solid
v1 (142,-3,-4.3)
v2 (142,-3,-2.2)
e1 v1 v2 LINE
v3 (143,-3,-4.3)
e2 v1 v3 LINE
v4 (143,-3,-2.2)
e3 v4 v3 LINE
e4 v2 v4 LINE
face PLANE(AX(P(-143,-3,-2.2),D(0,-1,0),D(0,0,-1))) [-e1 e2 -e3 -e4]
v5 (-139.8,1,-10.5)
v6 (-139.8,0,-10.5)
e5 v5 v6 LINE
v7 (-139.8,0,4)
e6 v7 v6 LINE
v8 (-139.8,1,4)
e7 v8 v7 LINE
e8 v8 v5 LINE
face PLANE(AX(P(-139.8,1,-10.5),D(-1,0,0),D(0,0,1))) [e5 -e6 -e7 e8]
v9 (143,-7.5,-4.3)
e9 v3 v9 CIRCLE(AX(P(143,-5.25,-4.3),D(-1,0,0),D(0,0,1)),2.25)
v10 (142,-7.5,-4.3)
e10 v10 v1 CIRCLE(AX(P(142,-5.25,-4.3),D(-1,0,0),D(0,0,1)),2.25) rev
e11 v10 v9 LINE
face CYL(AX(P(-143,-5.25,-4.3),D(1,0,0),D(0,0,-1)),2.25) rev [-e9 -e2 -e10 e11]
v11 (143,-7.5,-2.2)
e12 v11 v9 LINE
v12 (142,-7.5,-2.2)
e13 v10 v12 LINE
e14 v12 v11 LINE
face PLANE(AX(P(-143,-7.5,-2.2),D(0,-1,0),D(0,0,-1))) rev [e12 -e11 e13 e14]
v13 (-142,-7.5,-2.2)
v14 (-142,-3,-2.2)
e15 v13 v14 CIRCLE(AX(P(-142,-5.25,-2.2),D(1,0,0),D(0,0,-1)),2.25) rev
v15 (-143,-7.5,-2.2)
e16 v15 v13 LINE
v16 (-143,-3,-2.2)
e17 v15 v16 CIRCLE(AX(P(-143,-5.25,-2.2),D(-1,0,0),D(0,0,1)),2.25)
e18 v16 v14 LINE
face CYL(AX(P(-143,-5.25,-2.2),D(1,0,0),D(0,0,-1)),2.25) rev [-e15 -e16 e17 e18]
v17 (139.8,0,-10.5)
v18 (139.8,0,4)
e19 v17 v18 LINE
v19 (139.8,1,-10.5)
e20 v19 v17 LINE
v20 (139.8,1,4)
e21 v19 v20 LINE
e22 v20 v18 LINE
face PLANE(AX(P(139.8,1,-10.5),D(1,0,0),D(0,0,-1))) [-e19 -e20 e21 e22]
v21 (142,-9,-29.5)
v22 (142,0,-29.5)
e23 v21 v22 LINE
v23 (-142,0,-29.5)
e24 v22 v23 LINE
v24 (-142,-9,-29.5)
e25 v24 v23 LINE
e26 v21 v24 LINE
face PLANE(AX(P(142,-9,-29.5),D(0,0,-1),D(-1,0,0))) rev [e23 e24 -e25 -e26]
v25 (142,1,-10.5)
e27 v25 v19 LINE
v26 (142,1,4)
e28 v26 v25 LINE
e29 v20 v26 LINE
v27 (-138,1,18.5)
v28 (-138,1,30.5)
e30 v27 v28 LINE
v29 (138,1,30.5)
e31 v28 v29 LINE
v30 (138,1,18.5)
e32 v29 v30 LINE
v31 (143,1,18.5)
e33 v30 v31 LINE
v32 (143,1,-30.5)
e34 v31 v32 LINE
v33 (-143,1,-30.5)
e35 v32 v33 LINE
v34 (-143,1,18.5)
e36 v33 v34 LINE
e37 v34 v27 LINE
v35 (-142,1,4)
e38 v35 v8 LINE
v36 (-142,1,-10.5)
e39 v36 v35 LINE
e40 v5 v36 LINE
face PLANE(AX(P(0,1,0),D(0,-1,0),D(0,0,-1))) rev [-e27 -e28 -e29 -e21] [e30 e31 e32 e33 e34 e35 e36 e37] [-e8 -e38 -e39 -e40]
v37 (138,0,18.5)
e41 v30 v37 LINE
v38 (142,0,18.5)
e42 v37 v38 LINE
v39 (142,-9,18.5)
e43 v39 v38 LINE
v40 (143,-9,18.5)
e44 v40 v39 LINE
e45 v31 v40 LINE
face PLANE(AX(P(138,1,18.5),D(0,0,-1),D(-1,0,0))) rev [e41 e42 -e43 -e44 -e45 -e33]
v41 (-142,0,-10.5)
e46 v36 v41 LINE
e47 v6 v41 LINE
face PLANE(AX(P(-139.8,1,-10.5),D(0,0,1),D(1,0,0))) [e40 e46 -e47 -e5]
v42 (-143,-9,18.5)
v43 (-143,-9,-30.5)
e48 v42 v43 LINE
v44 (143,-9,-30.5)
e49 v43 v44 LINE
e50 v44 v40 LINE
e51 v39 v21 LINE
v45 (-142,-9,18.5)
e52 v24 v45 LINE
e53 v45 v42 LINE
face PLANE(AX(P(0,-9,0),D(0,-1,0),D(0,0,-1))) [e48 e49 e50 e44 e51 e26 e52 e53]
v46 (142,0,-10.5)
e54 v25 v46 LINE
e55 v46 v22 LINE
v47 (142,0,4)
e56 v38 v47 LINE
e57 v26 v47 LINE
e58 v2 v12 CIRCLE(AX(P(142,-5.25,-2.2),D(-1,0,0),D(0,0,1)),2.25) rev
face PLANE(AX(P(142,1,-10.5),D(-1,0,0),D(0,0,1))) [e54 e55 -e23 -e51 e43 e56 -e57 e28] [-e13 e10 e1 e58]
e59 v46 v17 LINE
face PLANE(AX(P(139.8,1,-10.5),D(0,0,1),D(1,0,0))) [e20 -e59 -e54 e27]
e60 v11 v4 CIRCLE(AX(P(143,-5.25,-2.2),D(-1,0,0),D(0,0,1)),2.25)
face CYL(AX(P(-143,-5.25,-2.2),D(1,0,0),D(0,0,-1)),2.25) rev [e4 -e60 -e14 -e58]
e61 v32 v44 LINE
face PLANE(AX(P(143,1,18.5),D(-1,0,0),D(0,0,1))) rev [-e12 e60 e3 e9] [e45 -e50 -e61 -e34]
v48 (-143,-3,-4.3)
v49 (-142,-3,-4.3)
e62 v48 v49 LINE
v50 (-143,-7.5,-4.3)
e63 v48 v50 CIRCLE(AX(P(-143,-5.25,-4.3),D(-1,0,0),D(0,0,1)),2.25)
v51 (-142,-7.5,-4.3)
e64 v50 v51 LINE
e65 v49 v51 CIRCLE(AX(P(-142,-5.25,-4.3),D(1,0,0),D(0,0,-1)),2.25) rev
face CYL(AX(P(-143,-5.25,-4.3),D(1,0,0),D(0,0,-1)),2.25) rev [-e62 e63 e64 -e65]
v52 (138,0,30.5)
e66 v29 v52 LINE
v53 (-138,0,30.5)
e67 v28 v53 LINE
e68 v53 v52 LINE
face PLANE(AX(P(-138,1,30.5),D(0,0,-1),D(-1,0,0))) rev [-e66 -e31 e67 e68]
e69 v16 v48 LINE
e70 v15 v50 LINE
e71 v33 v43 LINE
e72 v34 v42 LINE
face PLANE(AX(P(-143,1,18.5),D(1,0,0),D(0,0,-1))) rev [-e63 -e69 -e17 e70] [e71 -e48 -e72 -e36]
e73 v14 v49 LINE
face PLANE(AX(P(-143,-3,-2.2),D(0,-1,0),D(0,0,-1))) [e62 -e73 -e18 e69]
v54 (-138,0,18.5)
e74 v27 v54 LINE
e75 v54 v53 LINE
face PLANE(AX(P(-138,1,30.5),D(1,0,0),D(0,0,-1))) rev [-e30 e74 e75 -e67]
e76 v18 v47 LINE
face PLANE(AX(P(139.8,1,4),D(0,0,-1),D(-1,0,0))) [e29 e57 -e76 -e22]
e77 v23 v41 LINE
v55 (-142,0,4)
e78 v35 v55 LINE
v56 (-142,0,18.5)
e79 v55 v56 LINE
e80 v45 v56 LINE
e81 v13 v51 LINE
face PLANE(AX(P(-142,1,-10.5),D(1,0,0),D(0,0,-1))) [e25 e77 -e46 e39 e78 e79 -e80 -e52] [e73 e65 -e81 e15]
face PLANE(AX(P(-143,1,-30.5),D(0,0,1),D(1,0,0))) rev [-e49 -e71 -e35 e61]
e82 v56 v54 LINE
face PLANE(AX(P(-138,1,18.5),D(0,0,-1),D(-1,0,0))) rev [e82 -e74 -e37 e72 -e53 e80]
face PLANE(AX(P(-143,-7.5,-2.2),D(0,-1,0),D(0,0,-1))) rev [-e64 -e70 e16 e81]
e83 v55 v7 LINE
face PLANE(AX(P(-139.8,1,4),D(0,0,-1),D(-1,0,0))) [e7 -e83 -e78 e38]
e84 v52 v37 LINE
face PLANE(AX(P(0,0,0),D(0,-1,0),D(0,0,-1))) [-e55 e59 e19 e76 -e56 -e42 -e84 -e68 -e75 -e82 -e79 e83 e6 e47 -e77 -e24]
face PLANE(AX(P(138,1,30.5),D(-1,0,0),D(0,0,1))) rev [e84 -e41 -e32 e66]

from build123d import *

# Parameters (mm, degrees)
SKETCH_1_W          = 2.2
SKETCH_1_H          = 14.5
EXTRUDE_1_DEPTH     = 1
EXTRUDE_2_DEPTH     = 9
CUT_EXTRUDE_1_DEPTH = 288.762488869


with BuildPart() as part:
    # Эскиз1 → Бобышка-Вытянуть1 (new body)
    with BuildSketch(Plane(origin=(0, 0, 0), x_dir=(1, 0, 0), z_dir=(0, 1, 0))):
        Polygon((138, -30.5), (138, -18.5), (143, -18.5), (143, 30.5), (-143, 30.5), (-143, -18.5), (-138, -18.5), (-138, -30.5), align=None)
        with Locations((140.9, 3.25)):
            Rectangle(SKETCH_1_W, SKETCH_1_H, mode=Mode.SUBTRACT)
        with Locations((-140.9, 3.25)):
            Rectangle(SKETCH_1_W, SKETCH_1_H, mode=Mode.SUBTRACT)
    extrude(amount=EXTRUDE_1_DEPTH)

    # Эскиз2 → Бобышка-Вытянуть2 (add)
    with BuildSketch(Plane.XZ):
        Polygon((-143, 18.5), (-143, -30.5), (143, -30.5), (143, 18.5), (142, 18.5), (142, -29.5), (-142, -29.5), (-142, 18.5), align=None)
    extrude(amount=EXTRUDE_2_DEPTH)

    # Эскиз3 → Вырез-Вытянуть1 (cut, through all)
    with BuildSketch(Plane(origin=(143, 0, 0), x_dir=(0, 0, -1), z_dir=(1, 0, 0))):
        with BuildLine():
            Line((2.2, -3), (4.3, -3))
            ThreePointArc((4.3, -3), (6.55, -5.25), (4.3, -7.5))
            Line((4.3, -7.5), (2.2, -7.5))
            ThreePointArc((2.2, -7.5), (-0.05, -5.25), (2.2, -3))
        make_face()
    extrude(amount=-CUT_EXTRUDE_1_DEPTH, mode=Mode.SUBTRACT)


solid = part.part
